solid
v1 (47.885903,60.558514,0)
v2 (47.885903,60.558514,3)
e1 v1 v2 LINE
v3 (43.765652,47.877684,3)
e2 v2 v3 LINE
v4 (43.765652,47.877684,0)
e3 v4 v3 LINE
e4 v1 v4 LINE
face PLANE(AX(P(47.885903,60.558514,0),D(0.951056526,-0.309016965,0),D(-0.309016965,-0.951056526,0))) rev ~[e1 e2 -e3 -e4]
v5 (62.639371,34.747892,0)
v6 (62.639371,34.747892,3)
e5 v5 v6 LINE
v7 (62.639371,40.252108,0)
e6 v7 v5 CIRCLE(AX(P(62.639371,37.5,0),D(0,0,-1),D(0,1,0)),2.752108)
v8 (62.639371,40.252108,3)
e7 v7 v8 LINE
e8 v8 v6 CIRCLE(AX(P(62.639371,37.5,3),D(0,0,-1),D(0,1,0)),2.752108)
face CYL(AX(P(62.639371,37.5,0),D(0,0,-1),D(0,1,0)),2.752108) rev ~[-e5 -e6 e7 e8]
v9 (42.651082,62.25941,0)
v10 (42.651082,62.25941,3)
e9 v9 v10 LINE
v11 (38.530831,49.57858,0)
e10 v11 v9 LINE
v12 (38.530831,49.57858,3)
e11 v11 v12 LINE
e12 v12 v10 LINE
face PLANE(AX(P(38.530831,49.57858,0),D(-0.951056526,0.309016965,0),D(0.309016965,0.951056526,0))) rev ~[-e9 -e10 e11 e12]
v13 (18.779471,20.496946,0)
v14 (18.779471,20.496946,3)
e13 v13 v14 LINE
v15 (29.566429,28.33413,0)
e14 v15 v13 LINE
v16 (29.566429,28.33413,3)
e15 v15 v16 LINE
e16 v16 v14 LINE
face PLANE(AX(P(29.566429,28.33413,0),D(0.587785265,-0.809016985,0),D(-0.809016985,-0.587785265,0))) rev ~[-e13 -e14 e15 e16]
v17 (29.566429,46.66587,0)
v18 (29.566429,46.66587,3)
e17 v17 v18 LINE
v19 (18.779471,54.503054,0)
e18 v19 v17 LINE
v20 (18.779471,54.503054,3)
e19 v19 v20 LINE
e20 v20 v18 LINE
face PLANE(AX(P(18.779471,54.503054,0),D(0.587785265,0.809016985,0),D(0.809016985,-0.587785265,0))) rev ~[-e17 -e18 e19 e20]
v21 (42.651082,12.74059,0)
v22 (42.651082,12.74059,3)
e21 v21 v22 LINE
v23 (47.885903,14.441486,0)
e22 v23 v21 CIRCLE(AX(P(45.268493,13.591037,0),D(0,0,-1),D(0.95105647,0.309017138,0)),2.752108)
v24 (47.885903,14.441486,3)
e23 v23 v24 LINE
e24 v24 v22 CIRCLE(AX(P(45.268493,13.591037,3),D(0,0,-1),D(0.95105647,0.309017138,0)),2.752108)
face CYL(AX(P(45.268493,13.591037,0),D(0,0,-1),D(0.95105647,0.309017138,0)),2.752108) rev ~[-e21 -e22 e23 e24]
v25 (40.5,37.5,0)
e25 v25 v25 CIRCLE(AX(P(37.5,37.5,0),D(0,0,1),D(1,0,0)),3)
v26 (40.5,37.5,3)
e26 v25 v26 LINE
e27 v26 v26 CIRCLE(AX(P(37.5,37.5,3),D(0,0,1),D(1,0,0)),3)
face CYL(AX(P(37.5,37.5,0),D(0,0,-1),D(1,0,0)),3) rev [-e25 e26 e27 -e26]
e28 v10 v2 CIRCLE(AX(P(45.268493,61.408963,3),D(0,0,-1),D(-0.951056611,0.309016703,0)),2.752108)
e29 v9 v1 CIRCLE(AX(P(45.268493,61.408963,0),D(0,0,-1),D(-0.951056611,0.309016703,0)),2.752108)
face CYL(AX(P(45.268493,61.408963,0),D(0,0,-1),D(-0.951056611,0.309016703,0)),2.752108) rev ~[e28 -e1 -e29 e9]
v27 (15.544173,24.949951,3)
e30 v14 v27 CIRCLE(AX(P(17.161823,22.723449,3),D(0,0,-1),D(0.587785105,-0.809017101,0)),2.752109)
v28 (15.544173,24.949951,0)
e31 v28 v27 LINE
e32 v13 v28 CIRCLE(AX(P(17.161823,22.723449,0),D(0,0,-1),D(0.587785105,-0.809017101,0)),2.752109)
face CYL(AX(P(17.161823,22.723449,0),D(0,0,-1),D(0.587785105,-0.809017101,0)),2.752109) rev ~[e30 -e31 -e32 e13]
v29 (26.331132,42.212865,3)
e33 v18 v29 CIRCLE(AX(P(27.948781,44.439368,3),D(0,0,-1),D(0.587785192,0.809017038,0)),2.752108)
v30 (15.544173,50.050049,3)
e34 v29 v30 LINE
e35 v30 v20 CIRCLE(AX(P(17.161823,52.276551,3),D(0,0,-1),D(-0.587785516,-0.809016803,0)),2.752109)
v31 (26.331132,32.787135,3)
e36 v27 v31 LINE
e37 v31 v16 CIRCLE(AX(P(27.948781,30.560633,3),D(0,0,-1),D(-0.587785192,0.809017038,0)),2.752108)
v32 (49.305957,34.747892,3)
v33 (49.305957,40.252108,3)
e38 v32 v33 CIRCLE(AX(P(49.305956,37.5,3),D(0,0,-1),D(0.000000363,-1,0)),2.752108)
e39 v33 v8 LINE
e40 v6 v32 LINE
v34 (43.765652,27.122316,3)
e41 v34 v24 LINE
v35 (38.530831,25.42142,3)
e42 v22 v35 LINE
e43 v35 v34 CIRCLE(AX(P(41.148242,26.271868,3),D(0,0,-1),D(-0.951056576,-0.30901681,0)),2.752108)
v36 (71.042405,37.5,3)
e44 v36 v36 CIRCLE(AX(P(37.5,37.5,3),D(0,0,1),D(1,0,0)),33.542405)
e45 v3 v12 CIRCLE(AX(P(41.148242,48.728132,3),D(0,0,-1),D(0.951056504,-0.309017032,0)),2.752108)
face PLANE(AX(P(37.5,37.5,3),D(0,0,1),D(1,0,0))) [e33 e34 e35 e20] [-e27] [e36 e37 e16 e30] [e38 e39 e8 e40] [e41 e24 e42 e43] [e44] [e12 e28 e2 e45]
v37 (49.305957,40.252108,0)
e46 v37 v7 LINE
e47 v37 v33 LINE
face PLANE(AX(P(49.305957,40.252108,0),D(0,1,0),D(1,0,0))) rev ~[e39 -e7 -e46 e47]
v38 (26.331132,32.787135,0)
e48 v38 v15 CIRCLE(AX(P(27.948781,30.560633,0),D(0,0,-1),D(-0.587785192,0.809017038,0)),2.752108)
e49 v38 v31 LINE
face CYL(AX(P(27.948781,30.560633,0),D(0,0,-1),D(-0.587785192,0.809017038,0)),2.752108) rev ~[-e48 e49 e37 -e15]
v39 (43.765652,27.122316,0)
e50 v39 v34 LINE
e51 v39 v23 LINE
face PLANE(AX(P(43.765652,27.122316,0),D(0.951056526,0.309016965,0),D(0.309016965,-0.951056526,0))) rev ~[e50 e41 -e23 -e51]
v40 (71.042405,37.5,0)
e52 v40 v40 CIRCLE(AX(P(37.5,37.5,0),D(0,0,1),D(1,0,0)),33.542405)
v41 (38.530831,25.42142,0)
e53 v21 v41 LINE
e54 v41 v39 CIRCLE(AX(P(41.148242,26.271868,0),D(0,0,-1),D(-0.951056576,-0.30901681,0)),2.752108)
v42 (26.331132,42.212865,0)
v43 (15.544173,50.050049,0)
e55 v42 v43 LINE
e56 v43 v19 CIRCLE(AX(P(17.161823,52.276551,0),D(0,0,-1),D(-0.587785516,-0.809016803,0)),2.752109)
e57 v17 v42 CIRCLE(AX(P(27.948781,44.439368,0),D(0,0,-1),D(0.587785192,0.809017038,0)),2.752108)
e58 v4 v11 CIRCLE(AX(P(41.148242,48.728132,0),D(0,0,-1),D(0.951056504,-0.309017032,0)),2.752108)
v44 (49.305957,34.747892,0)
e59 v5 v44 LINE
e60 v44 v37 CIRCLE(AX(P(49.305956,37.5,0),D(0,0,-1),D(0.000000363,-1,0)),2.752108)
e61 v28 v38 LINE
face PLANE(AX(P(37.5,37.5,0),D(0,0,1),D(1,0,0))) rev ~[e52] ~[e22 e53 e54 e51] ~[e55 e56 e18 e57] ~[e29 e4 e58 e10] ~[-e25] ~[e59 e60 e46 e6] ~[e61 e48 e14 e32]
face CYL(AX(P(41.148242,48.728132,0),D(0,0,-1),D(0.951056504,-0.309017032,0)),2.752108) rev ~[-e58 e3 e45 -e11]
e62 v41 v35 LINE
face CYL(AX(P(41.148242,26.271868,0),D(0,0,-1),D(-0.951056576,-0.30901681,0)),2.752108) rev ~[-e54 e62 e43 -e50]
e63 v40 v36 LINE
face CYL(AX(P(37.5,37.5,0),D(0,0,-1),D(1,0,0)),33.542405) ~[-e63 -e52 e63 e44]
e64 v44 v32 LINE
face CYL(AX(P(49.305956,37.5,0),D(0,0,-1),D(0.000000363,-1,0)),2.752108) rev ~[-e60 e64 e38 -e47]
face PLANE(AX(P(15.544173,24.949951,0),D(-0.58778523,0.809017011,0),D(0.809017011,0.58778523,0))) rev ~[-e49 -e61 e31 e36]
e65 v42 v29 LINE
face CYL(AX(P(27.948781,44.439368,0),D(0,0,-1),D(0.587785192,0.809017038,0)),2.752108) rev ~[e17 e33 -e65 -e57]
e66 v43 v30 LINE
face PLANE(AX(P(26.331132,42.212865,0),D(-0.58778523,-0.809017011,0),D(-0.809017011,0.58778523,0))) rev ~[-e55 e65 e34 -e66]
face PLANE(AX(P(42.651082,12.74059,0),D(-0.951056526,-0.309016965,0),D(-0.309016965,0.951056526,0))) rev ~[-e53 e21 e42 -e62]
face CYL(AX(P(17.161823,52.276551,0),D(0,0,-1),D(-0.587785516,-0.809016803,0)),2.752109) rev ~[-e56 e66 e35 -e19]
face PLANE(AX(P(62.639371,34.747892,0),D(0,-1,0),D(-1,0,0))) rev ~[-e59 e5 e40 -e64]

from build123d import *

# Parameters (mm, degrees)
F0_R     = 33.542405
F0_R_2   = 3
F1_DEPTH = 3


with BuildPart() as f1:
    # F0 (on Top) → F1 (new body)
    with BuildSketch(Plane.XY):
        with Locations((37.5, 37.5)):
            Circle(F0_R)
        with BuildLine():
            ThreePointArc((18.779471, 20.496946), (14.93532, 21.1058), (15.544173, 24.949951))
            Line((15.544173, 24.949951), (26.331132, 32.787135))
            ThreePointArc((26.331132, 32.787135), (30.175283, 32.178281), (29.566429, 28.33413))
            Line((29.566429, 28.33413), (18.779471, 20.496946))
        make_face(mode=Mode.SUBTRACT)
        with BuildLine():
            ThreePointArc((47.885903, 14.441486), (46.118941, 10.973627), (42.651082, 12.74059))
            Line((42.651082, 12.74059), (38.530831, 25.42142))
            ThreePointArc((38.530831, 25.42142), (40.297793, 28.889278), (43.765652, 27.122316))
            Line((43.765652, 27.122316), (47.885903, 14.441486))
        make_face(mode=Mode.SUBTRACT)
        with BuildLine():
            ThreePointArc((49.305957, 34.747892), (46.553848, 37.5), (49.305957, 40.252108))
            Line((49.305957, 40.252108), (62.639371, 40.252108))
            ThreePointArc((62.639371, 40.252108), (65.391479, 37.5), (62.639371, 34.747892))
            Line((62.639371, 34.747892), (49.305957, 34.747892))
        make_face(mode=Mode.SUBTRACT)
        with BuildLine():
            ThreePointArc((15.544173, 50.050049), (14.93532, 53.8942), (18.779471, 54.503054))
            Line((18.779471, 54.503054), (29.566429, 46.66587))
            ThreePointArc((29.566429, 46.66587), (30.175283, 42.821719), (26.331132, 42.212865))
            Line((26.331132, 42.212865), (15.544173, 50.050049))
        make_face(mode=Mode.SUBTRACT)
        with Locations((37.5, 37.5)):
            Circle(F0_R_2, mode=Mode.SUBTRACT)
        with BuildLine():
            ThreePointArc((42.651082, 62.25941), (46.118941, 64.026373), (47.885903, 60.558514))
            Line((47.885903, 60.558514), (43.765652, 47.877684))
            ThreePointArc((43.765652, 47.877684), (40.297793, 46.110722), (38.530831, 49.57858))
            Line((38.530831, 49.57858), (42.651082, 62.25941))
        make_face(mode=Mode.SUBTRACT)
    extrude(amount=F1_DEPTH)


solid = f1.part
